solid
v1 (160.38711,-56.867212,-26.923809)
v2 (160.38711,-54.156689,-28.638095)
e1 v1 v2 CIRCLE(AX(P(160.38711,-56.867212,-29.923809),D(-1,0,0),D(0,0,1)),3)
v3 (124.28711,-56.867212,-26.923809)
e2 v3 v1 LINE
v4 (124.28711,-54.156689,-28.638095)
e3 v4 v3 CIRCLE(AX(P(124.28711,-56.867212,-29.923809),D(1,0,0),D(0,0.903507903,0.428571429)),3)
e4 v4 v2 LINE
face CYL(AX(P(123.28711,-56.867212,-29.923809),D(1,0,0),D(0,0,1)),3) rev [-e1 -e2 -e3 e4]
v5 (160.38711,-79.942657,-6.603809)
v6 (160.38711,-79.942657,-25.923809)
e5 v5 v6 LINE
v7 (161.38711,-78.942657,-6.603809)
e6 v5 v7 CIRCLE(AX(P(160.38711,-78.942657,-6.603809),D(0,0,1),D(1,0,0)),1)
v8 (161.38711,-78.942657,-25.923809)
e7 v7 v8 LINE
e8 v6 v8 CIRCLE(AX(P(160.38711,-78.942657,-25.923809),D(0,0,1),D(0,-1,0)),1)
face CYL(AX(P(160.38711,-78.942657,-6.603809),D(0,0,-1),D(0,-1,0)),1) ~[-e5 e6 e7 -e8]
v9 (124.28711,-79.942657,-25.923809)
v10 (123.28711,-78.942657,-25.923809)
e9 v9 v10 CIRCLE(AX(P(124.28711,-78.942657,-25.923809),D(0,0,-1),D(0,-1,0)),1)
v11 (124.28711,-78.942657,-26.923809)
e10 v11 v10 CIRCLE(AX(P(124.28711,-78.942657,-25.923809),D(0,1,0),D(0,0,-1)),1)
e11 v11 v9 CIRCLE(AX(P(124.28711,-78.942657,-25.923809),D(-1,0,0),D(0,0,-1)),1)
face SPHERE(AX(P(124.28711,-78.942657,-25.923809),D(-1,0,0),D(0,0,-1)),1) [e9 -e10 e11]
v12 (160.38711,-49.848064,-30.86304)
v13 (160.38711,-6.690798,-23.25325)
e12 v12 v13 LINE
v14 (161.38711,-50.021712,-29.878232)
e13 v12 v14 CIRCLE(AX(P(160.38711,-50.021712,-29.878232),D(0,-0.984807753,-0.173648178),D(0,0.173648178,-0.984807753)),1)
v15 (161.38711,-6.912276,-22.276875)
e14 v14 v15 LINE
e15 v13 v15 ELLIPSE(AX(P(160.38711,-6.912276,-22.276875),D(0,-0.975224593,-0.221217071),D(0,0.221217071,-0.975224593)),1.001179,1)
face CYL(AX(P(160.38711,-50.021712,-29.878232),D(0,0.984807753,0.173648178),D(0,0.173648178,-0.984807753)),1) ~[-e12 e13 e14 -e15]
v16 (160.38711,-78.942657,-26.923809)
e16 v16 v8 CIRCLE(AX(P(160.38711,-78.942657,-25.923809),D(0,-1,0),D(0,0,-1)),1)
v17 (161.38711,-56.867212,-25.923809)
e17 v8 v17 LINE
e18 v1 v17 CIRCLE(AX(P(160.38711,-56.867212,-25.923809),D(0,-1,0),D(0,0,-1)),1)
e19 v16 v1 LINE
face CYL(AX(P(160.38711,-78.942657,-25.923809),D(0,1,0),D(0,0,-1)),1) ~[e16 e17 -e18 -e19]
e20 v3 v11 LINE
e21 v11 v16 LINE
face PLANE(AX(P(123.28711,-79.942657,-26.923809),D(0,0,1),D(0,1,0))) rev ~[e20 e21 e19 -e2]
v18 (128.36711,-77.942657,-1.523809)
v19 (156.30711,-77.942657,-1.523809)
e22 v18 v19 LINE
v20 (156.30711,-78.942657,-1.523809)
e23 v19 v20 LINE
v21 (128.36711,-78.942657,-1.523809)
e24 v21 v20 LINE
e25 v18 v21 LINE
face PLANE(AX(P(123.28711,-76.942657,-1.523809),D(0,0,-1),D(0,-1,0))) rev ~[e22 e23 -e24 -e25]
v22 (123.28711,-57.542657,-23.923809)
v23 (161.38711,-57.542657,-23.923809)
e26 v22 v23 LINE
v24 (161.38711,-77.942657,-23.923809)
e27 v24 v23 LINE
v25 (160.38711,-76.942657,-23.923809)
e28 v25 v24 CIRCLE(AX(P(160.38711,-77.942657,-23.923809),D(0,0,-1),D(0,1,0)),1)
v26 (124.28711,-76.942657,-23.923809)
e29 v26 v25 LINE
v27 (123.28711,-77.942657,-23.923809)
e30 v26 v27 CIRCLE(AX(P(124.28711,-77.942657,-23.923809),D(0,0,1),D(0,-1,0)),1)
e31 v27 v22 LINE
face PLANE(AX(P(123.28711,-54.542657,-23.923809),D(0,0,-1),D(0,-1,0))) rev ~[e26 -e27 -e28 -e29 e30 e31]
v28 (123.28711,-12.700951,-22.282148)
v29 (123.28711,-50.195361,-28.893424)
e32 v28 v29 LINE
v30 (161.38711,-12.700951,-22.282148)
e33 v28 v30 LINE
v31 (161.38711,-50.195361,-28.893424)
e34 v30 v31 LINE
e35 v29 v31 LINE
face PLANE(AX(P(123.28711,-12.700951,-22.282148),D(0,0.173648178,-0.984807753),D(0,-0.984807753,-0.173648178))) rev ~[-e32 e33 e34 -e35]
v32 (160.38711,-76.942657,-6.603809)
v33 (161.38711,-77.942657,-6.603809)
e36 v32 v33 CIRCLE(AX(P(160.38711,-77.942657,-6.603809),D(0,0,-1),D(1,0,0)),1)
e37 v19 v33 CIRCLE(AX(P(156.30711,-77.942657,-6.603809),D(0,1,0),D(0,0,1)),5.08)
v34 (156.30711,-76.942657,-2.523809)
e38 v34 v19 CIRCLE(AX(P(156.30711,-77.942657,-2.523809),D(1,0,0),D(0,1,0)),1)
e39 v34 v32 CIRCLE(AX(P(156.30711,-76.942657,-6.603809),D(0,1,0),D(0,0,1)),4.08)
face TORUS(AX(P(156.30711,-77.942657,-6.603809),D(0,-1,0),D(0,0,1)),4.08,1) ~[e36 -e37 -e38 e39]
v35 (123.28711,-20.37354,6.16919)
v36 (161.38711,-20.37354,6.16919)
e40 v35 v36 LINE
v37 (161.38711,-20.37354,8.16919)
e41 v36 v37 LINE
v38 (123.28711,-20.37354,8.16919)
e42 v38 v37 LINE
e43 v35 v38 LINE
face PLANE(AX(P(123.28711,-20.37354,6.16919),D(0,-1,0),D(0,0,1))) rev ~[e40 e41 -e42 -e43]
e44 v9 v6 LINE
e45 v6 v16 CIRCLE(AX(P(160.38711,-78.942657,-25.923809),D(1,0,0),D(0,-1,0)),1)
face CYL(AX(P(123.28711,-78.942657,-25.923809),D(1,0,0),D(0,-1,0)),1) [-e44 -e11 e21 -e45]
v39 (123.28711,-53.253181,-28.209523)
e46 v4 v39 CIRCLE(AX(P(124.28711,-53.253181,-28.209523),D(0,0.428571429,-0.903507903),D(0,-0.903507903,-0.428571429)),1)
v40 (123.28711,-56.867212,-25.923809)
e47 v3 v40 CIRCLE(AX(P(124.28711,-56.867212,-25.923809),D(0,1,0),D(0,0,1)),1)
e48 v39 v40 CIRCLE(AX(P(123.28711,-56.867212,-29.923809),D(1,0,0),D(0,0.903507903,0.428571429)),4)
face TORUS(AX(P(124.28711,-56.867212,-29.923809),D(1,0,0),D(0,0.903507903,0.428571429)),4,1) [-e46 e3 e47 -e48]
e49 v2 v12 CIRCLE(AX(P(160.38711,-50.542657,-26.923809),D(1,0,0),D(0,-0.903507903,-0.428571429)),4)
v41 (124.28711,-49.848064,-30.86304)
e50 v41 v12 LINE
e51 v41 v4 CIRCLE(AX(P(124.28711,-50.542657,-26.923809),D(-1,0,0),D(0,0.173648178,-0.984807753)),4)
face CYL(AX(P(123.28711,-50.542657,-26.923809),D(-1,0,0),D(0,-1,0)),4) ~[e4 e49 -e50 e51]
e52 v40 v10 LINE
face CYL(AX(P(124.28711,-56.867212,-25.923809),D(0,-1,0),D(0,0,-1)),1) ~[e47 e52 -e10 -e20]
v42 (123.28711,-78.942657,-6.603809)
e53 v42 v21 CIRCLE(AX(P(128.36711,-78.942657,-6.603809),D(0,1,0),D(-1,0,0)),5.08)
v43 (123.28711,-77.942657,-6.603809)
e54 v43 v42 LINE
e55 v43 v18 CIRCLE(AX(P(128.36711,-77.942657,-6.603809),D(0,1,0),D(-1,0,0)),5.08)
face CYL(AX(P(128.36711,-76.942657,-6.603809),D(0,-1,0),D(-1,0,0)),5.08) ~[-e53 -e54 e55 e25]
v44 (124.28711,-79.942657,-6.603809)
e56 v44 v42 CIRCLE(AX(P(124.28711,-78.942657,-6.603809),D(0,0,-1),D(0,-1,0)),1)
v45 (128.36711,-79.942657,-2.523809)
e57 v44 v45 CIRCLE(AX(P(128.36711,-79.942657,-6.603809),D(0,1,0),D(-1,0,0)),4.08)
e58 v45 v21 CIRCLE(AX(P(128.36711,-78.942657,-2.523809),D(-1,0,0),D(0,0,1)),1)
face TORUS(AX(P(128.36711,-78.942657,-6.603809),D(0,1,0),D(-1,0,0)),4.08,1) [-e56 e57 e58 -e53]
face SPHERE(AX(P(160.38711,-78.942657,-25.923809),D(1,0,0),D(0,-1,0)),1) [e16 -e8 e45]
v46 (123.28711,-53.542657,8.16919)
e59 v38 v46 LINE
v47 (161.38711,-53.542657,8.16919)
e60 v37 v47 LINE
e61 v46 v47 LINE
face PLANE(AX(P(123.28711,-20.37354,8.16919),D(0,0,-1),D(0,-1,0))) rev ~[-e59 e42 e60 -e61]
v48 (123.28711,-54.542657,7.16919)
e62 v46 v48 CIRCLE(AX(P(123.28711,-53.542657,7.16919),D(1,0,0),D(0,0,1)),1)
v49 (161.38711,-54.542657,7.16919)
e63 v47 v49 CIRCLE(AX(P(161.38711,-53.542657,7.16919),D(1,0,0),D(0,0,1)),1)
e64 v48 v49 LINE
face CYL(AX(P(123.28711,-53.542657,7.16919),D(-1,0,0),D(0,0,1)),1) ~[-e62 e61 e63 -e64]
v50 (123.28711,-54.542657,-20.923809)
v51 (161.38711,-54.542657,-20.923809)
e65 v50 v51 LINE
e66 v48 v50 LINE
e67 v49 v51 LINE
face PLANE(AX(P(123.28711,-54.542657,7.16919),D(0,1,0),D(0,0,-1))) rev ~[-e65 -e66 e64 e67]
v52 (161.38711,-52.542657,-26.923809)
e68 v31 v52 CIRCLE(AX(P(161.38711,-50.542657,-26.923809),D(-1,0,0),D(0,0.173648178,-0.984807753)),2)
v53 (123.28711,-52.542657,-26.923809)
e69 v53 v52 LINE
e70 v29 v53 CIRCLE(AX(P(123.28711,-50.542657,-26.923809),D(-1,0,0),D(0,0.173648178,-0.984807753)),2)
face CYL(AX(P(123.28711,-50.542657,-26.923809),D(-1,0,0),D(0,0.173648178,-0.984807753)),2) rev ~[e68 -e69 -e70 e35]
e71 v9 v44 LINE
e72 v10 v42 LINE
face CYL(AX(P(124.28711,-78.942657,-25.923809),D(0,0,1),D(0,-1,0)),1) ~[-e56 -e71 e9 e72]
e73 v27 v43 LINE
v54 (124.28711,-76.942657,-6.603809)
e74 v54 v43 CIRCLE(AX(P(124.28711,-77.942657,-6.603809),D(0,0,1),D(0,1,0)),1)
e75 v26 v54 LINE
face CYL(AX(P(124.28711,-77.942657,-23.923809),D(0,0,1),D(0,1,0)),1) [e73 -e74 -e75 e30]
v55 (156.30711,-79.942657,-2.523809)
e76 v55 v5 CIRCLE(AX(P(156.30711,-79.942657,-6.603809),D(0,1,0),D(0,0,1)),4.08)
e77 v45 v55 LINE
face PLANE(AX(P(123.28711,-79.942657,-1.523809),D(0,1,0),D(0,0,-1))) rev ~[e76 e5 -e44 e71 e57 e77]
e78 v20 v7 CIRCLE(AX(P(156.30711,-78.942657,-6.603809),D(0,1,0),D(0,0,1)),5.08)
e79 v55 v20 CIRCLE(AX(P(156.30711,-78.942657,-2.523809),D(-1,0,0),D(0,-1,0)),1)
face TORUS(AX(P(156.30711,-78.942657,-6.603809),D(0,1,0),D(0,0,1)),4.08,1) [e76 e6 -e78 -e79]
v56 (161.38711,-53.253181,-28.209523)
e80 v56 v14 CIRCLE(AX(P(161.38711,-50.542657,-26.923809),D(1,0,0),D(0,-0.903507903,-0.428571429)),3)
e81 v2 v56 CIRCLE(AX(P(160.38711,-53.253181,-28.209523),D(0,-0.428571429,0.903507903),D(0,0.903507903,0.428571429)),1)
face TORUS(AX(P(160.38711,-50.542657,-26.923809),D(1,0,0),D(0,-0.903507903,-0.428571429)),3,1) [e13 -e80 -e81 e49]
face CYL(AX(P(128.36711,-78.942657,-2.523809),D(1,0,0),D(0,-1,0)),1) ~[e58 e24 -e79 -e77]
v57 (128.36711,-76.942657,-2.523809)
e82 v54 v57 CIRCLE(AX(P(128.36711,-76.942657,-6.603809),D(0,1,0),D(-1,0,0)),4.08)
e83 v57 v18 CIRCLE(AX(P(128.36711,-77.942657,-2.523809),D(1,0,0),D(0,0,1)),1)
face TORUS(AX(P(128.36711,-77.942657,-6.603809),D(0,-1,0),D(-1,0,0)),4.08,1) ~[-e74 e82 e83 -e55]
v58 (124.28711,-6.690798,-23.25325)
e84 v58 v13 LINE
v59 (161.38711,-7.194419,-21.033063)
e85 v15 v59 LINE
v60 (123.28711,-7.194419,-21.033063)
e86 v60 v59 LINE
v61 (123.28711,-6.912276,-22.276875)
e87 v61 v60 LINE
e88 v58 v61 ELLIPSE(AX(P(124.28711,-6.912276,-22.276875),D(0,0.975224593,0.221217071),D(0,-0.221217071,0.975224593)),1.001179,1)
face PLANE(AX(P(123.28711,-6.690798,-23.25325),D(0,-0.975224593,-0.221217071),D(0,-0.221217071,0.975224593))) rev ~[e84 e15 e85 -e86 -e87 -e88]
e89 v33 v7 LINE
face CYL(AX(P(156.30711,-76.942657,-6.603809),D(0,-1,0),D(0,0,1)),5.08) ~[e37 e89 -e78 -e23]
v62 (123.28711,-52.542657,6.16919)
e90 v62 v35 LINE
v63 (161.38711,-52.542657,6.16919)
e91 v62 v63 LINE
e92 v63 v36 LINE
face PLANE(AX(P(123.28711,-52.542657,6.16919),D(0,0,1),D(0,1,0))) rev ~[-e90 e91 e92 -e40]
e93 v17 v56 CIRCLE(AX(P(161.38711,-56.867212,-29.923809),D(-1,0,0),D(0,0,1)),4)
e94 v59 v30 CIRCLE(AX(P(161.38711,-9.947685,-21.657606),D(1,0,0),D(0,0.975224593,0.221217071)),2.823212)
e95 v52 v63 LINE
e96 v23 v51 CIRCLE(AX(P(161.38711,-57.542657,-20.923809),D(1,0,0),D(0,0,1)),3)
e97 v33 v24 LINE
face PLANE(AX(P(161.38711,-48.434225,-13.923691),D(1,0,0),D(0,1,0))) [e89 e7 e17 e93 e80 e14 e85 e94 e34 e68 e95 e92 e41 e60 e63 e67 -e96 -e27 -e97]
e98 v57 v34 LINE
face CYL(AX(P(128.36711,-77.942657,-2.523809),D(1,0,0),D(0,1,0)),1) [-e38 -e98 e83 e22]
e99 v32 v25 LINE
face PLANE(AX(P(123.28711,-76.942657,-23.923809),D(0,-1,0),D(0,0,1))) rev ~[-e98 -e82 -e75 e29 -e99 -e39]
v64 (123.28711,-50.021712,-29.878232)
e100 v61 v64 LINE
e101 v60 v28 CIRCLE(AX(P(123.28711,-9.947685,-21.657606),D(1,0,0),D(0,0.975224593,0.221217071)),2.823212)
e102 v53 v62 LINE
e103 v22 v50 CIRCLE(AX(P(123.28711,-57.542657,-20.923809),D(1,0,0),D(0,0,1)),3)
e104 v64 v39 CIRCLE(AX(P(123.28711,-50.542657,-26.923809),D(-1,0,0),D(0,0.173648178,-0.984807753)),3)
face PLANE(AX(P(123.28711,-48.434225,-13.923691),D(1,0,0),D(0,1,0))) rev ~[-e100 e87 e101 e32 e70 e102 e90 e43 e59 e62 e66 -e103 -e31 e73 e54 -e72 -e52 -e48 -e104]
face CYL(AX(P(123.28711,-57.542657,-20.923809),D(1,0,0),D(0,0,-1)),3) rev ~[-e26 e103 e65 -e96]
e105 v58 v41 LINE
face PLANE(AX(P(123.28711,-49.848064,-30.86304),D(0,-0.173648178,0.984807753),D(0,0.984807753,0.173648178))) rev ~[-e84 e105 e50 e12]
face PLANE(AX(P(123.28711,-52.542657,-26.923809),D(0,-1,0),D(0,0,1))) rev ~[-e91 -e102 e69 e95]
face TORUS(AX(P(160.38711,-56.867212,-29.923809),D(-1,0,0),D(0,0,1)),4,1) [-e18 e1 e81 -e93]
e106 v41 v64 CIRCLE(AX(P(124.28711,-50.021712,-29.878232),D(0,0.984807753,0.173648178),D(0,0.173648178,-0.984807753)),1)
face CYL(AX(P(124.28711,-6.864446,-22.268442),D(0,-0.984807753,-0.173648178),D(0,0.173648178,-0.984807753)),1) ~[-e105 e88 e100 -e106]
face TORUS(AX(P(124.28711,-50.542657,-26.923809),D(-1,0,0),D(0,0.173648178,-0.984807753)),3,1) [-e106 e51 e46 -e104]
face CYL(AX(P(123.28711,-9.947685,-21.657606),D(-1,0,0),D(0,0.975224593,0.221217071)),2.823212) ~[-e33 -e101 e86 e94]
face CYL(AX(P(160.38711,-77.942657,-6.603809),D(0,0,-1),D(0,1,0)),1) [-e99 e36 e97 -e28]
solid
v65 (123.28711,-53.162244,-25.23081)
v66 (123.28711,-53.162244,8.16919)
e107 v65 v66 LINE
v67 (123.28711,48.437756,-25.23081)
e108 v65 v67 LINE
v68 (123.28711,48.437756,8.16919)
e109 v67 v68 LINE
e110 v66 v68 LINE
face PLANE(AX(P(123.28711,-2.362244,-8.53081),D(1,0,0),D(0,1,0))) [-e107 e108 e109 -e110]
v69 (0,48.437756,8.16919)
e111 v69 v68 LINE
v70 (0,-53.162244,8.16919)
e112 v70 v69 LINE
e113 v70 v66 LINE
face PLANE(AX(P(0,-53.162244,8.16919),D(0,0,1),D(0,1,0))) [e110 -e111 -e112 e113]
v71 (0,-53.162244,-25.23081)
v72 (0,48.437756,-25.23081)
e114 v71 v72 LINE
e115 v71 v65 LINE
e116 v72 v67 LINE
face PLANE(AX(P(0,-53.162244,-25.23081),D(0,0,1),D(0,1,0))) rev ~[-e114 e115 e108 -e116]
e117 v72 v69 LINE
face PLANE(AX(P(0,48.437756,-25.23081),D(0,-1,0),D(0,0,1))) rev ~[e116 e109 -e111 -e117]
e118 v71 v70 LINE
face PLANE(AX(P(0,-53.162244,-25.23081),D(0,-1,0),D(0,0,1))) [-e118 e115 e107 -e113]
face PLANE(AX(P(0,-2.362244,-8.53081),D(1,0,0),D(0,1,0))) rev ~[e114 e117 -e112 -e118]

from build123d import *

# Parameters (mm, degrees)
F0_W     = 101.6
F0_H     = 33.4
F1_DEPTH = 123.28711
F3_DEPTH = 38.1
F4_R     = 1
F5_R     = 3
F6_R     = 5.08
F7_R     = 1


with BuildPart() as f1:
    # F0 (on Right) → F1 (new body)
    with BuildSketch(Plane.YZ):
        with Locations((-2.3622444451, -8.5308100462)):
            Rectangle(F0_W, F0_H)
    extrude(amount=F1_DEPTH)


with BuildPart() as f3:
    # F2 (on face) → F3 (new body)
    with BuildSketch(Plane.YZ.offset(123.28711)):
        with BuildLine():
            Line((-20.3735399991, 6.1691899538), (-20.3735399991, 8.1691899538))
            Line((-20.3735399991, 8.1691899538), (-53.5426569879, 8.1691899538))
            ThreePointArc((-53.5426569879, 8.1691899538), (-54.2497637691, 7.876296735), (-54.5426569879, 7.1691899538))
            Line((-54.5426569879, 7.1691899538), (-54.5426569879, -23.9238089242))
            Line((-54.5426569879, -23.9238089242), (-76.9426569879, -23.9238089242))
            Line((-76.9426569879, -23.9238089242), (-76.9426569879, -1.5238089242))
            Line((-76.9426569879, -1.5238089242), (-79.9426569879, -1.5238089242))
            Line((-79.9426569879, -1.5238089242), (-79.9426569879, -23.9238089242))
            Line((-79.9426569879, -23.9238089242), (-79.9426569879, -26.9238089242))
            Line((-79.9426569879, -26.9238089242), (-54.5426569879, -26.9238089242))
            ThreePointArc((-54.5426569879, -26.9238089242), (-53.1138074267, -29.9879866967), (-49.8480642772, -30.8630399363))
            Line((-49.8480642772, -30.8630399363), (-6.690798263, -23.2532495244))
            Line((-6.690798263, -23.2532495244), (-7.1944188543, -21.0330628785))
            ThreePointArc((-7.1944188543, -21.0330628785), (-10.5722276228, -18.9043396003), (-12.700950901, -22.2821483688))
            Line((-12.700950901, -22.2821483688), (-50.1953606326, -28.8934244303))
            ThreePointArc((-50.1953606326, -28.8934244303), (-51.8282322073, -28.4558978105), (-52.5426569879, -26.9238089242))
            Line((-52.5426569879, -26.9238089242), (-52.5426569879, 6.1691899538))
            Line((-52.5426569879, 6.1691899538), (-20.3735399991, 6.1691899538))
        make_face()
    extrude(amount=F3_DEPTH)

    # F4
    f4_edges = [f3.edges().sort_by_distance(p)[0] for p in [
        (142.33711, -79.942657, -26.923809),
    ]]
    fillet(f4_edges, radius=F4_R)

    # F5
    f5_edges = [f3.edges().sort_by_distance(p)[0] for p in [
        (142.33711, -54.542657, -23.923809),
        (142.33711, -54.542657, -26.923809),
    ]]
    fillet(f5_edges, radius=F5_R)

    # F6
    f6_edges = [f3.edges().sort_by_distance(p)[0] for p in [
        (123.28711, -78.442657, -1.523809),
        (161.38711, -78.442657, -1.523809),
    ]]
    fillet(f6_edges, radius=F6_R)

    # F7
    f7_edges = [f3.edges().sort_by_distance(p)[0] for p in [
        (159.899212, -76.942657, -3.011706),
        (161.38711, -78.442657, -6.603809),
        (156.30711, -78.442657, -1.523809),
        (159.899212, -79.942657, -3.011706),
        (142.33711, -76.942657, -1.523809),
        (128.36711, -78.442657, -1.523809),
        (142.33711, -79.942657, -1.523809),
        (124.775008, -76.942657, -3.011706),
        (123.28711, -78.442657, -6.603809),
        (124.775008, -79.942657, -3.011706),
    ]]
    fillet(f7_edges, radius=F7_R)


solid = Compound([f1.part, f3.part])
